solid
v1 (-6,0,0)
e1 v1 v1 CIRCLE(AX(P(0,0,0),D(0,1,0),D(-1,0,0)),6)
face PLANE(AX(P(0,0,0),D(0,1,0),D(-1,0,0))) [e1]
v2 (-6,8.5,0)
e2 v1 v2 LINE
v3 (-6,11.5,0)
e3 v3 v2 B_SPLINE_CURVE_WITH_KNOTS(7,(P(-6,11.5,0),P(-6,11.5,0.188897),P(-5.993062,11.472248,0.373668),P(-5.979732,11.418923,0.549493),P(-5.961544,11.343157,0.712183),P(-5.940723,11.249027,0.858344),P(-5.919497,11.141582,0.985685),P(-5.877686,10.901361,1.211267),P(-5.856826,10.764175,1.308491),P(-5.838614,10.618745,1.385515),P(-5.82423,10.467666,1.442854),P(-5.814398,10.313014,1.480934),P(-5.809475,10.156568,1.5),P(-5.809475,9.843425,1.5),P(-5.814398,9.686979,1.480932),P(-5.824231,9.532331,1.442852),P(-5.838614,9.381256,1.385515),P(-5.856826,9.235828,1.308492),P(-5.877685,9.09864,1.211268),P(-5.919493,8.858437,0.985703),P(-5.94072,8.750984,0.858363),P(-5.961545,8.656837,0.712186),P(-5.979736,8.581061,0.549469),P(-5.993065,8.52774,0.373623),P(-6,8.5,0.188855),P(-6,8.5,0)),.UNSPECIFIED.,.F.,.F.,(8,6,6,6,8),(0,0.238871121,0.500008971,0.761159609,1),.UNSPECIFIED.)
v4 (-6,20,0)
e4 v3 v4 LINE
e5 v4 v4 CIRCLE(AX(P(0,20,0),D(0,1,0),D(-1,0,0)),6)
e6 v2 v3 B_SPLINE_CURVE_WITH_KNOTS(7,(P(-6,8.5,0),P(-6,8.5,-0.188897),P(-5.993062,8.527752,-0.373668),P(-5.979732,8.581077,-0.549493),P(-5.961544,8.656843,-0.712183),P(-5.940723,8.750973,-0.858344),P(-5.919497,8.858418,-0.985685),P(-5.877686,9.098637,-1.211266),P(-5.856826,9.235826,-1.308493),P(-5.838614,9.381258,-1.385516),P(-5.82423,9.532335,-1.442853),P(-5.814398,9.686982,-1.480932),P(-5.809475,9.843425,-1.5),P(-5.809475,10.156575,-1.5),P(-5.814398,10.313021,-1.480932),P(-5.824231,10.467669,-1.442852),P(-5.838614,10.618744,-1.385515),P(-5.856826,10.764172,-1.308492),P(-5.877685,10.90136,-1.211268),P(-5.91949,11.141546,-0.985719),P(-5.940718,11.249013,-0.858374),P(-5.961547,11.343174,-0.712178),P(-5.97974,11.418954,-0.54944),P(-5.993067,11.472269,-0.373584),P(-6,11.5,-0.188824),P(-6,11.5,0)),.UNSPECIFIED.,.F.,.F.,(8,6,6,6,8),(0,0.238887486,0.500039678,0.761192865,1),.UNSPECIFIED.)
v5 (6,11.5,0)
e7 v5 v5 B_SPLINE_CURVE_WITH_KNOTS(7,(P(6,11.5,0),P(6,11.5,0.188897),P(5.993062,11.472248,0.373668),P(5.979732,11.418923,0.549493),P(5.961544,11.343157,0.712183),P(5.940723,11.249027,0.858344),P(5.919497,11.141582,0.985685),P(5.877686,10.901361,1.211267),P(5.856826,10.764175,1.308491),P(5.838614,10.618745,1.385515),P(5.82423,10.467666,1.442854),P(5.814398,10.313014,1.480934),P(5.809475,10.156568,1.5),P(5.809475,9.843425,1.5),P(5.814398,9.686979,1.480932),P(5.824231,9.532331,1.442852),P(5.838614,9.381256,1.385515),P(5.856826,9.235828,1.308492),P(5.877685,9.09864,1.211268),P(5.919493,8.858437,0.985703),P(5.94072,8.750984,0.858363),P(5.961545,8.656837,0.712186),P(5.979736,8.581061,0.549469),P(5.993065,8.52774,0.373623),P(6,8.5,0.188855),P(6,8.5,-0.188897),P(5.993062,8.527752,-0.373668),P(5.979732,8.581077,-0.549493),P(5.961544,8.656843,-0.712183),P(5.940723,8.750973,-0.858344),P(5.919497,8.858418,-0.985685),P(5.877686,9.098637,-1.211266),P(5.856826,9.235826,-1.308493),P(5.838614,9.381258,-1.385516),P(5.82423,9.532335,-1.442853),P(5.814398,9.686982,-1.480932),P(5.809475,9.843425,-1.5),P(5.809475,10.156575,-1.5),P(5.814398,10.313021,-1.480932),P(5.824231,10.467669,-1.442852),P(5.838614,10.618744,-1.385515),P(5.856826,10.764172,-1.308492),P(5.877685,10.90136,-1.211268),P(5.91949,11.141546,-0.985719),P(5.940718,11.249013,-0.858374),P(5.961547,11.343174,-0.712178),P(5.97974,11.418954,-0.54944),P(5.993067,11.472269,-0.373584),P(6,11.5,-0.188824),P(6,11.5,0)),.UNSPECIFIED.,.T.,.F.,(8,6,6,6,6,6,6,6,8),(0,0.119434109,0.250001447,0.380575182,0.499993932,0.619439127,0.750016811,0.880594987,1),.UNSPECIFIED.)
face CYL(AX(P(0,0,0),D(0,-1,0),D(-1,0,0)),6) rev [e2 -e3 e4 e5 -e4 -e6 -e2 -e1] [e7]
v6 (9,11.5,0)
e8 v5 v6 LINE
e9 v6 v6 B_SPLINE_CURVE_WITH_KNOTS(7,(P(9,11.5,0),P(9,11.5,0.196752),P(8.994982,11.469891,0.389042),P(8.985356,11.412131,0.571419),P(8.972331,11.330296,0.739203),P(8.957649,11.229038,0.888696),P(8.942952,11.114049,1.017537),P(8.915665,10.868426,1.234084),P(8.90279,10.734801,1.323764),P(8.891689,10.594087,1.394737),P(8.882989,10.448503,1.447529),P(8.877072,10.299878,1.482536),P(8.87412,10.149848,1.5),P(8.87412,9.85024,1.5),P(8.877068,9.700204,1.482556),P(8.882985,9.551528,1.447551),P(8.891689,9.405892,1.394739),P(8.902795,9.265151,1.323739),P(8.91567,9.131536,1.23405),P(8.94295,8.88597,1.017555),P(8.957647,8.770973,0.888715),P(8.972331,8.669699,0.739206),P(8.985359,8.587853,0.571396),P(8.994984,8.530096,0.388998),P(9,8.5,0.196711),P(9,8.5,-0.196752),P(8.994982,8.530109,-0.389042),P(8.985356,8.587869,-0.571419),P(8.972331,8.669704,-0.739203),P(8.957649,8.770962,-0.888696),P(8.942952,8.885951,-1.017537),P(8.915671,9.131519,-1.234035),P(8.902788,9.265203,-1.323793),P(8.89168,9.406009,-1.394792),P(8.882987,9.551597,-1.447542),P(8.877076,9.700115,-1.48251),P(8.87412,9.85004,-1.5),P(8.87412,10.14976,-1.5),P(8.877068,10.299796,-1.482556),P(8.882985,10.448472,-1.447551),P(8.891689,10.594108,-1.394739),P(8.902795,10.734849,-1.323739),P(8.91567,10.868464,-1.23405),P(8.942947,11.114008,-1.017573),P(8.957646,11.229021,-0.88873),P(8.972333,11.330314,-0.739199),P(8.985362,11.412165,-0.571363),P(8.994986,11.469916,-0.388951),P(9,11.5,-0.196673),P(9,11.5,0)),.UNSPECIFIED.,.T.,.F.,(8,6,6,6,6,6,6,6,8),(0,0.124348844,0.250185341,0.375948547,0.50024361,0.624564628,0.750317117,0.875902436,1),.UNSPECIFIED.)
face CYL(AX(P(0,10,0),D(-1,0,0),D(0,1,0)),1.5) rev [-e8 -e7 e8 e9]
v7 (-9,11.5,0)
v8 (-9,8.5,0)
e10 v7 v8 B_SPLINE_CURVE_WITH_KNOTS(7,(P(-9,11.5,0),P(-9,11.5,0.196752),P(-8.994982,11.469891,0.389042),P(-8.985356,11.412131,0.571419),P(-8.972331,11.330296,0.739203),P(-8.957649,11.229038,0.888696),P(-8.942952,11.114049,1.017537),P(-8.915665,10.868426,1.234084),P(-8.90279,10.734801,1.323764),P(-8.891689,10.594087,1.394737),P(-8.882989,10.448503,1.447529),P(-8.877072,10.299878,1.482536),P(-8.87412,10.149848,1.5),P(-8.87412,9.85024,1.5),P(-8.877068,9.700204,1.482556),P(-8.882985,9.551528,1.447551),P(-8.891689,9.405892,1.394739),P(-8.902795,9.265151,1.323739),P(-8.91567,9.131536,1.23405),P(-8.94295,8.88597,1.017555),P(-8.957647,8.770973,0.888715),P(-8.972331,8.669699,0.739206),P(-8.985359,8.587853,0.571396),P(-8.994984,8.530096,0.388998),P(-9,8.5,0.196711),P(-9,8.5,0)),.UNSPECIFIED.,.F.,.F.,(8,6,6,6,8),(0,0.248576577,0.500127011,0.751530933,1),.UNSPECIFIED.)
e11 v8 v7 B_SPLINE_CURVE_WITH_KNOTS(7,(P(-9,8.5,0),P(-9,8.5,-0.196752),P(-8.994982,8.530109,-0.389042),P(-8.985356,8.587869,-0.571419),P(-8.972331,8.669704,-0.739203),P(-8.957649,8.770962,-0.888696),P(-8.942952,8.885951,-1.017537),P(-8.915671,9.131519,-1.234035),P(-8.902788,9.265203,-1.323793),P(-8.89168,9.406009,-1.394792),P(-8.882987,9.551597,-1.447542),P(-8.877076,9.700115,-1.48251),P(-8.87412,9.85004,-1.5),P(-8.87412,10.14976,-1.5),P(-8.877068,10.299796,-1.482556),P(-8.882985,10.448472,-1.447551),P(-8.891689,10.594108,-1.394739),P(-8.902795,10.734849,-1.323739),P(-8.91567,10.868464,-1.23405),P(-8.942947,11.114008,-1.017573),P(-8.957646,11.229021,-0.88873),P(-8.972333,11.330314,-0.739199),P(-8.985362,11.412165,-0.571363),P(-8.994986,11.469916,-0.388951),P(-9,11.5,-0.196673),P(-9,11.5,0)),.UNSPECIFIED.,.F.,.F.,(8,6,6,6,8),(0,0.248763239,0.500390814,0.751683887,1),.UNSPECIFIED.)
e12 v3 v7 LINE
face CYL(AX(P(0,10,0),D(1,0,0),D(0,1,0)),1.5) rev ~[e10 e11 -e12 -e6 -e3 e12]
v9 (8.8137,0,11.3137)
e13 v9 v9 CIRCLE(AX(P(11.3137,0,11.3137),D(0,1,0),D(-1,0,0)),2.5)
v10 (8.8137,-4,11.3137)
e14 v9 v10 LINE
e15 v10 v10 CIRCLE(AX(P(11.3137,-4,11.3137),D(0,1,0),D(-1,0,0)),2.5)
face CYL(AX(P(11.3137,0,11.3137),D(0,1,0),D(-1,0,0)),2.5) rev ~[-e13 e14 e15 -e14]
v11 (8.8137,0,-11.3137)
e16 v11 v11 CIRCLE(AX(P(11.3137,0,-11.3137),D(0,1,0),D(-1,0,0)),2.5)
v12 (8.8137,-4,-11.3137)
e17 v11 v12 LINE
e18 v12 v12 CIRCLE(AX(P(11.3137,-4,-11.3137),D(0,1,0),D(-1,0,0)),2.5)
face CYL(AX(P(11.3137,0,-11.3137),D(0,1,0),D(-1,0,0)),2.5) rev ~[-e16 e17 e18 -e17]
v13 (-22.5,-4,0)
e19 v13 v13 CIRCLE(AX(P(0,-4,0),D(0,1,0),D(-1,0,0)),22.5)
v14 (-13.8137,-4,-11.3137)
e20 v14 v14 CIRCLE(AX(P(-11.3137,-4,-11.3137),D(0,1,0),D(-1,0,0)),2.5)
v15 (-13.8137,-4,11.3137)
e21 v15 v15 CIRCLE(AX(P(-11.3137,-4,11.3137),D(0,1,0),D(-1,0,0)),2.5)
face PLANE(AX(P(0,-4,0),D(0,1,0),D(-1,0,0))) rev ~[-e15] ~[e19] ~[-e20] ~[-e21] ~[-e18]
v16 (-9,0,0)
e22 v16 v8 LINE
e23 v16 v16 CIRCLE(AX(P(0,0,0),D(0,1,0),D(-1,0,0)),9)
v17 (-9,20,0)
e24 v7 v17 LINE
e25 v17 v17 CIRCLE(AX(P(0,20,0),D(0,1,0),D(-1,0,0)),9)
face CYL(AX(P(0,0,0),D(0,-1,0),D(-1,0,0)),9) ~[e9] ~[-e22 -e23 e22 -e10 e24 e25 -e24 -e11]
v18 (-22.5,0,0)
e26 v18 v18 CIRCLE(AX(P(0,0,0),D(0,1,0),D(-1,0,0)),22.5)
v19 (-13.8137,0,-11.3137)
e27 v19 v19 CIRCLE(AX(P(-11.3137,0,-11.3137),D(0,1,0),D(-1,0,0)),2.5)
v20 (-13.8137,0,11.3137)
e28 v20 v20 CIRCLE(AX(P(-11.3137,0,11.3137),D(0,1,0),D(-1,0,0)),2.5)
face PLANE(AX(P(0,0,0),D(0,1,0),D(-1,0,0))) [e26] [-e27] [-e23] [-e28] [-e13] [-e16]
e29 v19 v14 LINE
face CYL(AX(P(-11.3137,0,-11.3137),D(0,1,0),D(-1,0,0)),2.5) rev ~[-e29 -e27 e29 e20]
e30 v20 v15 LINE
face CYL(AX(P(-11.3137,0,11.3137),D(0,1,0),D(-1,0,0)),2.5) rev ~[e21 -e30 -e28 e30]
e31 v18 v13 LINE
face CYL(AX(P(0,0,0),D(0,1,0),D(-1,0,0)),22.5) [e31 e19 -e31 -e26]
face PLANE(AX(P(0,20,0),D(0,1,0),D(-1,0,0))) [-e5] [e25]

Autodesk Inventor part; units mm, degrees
ref_plane "YZ Plane" through (0, 0, 0) normal (1, 0, 0) x (0, 1, 0)
ref_plane "XZ Plane" through (0, 0, 0) normal (0, 1, 0) x (-1, 0, 0)
ref_plane "XY Plane" through (0, 0, 0) normal (0, 0, 1) x (1, 0, 0)
sketch "Sketch1" plane through (0, 0, 0) normal (0, 1, 0) x (-1, 0, 0)
  circle A0 centre (0, 0) radius 6
  circle A1 centre (0, 0) radius 22.5
  circle A2 centre (0, 0) radius 9
  line L0 (0, 0) -> (11.3137, -11.3137) construction
  line L1 (0, 0) -> (16, 0) construction
  line L2 (0, 0) -> (-11.3137, 11.3137) construction
  circle A3 centre (11.3137, -11.3137) radius 2.5
  circle A4 centre (-11.3137, 11.3137) radius 2.5
  circle A5 centre (11.3137, 11.3137) radius 2.5
  circle A6 centre (-11.3137, -11.3137) radius 2.5
  dimension "d0" = 12
  dimension "d1" = 45
  dimension "d2" = 18
  dimension "d8" = 45
  dimension "d9" = 16
  dimension "d10" = 5
extrude "Extrusion1" add sketch "Sketch1" along normal blind 20 contours A2
extrude "Extrusion2" add sketch "Sketch1" against normal blind 4 contours A0 | A1 | A2
sketch "Sketch2" plane through (0, 0, 0) normal (1, 0, 0) x (0, 1, 0)
  line L0 (0, 0) -> (10, 0) construction
  circle A0 centre (10, 0) radius 1.5
  dimension "d12" = 10
  dimension "d13" = 3
extrude "Extrusion3" cut sketch "Sketch2" along normal mid plane 30
properties part number "12mm Flange"
